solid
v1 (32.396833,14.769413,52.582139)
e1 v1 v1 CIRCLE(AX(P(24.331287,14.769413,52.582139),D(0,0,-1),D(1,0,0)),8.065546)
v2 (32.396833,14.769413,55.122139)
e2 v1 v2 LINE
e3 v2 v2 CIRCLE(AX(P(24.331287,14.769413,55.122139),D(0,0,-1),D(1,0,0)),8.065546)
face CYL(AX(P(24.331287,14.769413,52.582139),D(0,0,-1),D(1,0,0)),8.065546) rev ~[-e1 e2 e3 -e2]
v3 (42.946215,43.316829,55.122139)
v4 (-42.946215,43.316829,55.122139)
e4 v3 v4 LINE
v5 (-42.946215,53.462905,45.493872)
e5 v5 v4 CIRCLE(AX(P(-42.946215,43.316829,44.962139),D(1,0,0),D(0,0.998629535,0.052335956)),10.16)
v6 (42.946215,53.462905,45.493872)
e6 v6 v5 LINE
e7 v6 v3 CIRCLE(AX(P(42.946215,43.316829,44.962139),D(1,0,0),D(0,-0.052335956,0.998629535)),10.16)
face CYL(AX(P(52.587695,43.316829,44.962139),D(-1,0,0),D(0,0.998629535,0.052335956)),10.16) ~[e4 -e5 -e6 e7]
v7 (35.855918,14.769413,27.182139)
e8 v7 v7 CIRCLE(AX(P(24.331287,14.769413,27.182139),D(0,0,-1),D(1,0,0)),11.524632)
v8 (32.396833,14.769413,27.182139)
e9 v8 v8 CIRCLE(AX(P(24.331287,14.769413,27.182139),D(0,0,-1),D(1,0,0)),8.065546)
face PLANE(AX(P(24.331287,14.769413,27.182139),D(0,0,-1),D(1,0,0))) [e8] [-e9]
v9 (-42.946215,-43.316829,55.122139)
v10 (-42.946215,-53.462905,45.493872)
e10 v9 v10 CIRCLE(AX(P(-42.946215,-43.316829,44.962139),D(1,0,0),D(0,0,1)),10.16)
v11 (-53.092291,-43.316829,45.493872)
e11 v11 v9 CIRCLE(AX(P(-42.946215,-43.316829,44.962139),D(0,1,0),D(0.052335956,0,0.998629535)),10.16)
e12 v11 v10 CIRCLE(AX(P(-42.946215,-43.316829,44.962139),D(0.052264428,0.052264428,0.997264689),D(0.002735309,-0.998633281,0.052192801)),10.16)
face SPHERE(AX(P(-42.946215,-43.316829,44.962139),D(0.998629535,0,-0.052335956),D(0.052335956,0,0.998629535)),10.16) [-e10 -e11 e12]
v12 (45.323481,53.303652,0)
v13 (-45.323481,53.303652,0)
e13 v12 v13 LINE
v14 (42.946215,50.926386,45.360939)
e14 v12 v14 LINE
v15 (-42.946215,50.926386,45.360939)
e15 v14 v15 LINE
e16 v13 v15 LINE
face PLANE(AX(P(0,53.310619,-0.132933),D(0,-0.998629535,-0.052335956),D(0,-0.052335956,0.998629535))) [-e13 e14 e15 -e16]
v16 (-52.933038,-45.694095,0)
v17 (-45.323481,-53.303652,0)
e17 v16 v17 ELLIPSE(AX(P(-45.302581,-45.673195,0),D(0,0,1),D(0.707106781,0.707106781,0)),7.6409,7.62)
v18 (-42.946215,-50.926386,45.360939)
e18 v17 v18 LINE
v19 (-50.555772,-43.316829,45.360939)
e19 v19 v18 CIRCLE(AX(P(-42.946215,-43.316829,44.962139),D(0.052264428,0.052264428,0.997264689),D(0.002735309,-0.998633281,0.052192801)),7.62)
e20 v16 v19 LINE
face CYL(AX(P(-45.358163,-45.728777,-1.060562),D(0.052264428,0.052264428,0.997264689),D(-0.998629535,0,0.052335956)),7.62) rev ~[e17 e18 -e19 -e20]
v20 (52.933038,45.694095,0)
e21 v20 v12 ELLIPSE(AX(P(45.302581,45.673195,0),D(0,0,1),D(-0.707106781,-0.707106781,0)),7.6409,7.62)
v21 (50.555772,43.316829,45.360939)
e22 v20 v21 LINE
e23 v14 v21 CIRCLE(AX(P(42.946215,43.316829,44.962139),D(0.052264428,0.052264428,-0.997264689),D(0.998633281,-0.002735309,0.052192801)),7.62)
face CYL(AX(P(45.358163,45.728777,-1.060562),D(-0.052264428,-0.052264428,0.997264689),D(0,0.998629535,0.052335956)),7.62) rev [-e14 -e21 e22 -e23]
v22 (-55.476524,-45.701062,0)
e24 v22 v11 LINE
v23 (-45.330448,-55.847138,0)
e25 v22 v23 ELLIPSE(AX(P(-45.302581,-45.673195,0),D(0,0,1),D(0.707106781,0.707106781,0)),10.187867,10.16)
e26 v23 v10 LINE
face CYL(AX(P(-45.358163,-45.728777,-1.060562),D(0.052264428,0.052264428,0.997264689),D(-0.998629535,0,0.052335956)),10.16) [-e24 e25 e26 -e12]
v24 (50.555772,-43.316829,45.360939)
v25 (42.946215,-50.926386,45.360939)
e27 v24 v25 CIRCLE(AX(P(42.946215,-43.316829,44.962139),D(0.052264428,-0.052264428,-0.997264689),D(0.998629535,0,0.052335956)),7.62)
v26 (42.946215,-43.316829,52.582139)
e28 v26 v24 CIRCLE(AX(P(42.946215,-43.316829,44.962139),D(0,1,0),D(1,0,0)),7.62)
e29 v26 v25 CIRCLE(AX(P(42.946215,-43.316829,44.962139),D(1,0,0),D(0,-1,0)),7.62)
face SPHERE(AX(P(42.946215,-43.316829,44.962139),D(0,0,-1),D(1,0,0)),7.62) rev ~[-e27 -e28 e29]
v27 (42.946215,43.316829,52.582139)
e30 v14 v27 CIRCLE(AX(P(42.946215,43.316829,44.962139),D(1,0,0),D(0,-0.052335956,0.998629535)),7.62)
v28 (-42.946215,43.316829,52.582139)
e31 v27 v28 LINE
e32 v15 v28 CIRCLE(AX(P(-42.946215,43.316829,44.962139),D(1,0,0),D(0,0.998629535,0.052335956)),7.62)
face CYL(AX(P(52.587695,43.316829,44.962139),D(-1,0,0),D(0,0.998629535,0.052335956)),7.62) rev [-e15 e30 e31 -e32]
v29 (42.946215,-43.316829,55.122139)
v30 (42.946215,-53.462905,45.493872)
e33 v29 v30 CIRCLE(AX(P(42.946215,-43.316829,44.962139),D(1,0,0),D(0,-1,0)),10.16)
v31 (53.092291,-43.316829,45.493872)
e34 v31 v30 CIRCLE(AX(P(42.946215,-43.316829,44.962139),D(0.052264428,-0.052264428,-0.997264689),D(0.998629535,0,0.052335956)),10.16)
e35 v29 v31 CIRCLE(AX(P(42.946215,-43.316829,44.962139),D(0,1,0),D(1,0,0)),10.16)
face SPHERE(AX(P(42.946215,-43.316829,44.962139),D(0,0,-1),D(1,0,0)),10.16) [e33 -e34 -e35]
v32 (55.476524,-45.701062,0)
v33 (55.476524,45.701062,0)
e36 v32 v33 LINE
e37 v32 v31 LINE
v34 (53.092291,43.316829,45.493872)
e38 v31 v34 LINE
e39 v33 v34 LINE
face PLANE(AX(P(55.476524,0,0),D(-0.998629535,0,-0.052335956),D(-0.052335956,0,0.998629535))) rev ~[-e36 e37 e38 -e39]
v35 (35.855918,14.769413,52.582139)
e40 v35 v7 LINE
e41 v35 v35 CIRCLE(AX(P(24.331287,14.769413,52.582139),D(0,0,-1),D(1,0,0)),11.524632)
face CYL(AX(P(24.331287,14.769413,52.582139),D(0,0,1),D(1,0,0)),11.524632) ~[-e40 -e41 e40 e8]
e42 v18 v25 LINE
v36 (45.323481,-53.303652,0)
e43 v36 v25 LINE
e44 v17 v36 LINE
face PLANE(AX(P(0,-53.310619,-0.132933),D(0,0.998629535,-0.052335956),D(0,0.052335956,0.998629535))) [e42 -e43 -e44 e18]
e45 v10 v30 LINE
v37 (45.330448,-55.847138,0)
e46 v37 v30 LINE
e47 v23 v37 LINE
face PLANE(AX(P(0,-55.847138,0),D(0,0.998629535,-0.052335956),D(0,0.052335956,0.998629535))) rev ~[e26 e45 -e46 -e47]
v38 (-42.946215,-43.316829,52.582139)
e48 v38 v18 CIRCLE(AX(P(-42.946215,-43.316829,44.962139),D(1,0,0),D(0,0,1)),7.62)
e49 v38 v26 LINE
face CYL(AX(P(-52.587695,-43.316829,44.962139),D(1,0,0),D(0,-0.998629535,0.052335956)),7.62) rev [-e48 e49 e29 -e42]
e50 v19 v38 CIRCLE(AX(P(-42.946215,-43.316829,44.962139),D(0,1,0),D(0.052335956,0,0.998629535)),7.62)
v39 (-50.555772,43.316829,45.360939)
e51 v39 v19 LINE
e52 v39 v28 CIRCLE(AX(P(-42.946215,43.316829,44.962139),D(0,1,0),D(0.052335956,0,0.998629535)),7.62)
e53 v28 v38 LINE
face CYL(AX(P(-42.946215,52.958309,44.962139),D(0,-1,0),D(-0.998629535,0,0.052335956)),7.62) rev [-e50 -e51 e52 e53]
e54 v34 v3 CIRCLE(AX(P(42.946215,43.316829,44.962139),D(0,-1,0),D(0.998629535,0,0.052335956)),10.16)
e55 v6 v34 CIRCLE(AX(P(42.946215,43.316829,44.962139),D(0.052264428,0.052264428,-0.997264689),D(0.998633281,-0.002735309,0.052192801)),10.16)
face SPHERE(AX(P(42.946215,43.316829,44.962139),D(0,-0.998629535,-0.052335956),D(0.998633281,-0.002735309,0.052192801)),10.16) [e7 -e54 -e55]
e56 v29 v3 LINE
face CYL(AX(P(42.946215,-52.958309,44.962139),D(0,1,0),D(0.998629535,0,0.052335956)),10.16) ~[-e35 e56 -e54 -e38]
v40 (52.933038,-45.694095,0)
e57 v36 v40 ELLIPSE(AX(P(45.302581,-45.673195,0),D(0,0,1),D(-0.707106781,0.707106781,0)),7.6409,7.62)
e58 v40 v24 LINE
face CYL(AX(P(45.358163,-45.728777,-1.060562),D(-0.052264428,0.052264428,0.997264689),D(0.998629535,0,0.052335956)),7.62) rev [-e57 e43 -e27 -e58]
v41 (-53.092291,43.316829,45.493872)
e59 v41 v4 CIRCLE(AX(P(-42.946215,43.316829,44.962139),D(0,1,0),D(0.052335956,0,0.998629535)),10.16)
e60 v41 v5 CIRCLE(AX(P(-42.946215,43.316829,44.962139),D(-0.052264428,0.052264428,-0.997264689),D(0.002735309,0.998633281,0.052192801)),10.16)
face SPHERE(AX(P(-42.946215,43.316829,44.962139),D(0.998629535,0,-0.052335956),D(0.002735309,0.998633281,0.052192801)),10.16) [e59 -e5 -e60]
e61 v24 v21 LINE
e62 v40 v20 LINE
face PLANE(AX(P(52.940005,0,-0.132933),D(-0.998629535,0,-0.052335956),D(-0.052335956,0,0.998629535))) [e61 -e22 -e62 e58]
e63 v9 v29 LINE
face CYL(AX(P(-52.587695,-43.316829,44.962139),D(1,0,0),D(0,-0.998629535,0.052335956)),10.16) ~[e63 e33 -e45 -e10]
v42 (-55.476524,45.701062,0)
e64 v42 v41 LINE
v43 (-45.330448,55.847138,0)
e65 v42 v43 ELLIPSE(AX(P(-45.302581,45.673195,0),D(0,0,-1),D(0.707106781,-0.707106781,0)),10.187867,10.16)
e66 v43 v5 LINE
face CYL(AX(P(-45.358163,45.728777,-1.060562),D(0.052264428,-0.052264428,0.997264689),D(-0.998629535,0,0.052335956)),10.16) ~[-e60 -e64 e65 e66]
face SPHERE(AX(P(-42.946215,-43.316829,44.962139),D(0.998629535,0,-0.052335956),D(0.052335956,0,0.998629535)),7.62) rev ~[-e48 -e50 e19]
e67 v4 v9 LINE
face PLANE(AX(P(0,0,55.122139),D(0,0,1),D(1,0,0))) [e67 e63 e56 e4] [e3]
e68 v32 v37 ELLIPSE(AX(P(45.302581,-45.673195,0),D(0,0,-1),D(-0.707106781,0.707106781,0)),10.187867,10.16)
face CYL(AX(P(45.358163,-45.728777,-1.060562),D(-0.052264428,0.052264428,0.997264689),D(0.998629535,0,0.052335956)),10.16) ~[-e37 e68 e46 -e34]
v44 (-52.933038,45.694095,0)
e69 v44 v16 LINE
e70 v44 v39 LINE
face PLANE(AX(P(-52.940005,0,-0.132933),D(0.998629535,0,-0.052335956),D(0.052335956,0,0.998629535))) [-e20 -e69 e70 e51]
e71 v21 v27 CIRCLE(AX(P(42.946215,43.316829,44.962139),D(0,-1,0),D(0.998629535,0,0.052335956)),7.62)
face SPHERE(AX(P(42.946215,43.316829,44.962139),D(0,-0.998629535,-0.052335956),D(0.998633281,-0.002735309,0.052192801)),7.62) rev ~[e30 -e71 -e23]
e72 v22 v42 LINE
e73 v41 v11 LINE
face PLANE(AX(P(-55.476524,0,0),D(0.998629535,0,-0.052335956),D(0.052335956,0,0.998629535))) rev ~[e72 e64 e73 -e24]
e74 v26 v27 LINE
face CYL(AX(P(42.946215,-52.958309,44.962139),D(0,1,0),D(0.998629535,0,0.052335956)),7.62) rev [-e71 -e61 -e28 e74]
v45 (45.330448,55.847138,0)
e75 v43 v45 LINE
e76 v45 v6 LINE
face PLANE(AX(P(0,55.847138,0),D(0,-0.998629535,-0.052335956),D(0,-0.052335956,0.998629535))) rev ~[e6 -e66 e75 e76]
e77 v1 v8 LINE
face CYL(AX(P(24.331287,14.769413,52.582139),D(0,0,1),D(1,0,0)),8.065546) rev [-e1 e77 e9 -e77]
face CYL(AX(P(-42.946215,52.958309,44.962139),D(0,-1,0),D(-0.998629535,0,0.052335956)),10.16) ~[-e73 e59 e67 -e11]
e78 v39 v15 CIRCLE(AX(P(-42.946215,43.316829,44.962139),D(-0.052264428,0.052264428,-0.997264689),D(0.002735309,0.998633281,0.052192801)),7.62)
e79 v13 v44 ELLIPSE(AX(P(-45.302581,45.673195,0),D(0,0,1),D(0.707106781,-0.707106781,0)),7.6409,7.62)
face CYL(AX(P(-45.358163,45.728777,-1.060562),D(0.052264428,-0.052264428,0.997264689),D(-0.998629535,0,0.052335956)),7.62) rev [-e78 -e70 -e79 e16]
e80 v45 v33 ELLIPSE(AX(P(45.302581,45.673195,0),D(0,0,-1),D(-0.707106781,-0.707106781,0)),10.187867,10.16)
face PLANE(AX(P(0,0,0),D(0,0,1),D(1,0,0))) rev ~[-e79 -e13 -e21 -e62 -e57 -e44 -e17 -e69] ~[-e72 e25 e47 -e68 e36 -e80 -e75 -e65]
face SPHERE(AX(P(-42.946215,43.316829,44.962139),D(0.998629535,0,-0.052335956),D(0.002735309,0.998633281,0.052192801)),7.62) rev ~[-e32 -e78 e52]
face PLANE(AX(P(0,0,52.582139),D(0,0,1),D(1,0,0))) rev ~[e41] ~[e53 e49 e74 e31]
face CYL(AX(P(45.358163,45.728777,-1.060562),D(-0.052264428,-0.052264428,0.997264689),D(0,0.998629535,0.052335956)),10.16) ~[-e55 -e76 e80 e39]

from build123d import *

# Parameters (mm, degrees)
F0_W     = 110.9530478716
F0_H     = 111.6942763329
F1_DEPTH = 55.1221389323
F1_TAPER = 3
F2_R     = 10.16
F3_T     = -2.54
F4_R     = 11.5246315094
F4_R_2   = 8.0655463765
F5_DEPTH = 25.4
F6_DEPTH = 25.4


with BuildPart() as f1:
    # F0 (on Top) → F1 (new body)
    with BuildSketch(Plane.XY):
        Rectangle(F0_W, F0_H)
    extrude(amount=F1_DEPTH, taper=F1_TAPER)

    # F2
    f2_edges = [f1.edges().sort_by_distance(p)[0] for p in [
        (54.032109, -54.402724, 27.561069),
        (52.587695, 0, 55.122139),
        (0, -52.958309, 55.122139),
        (54.032109, 54.402724, 27.561069),
        (0, 52.958309, 55.122139),
        (-54.032109, 54.402724, 27.561069),
        (-52.587695, 0, 55.122139),
        (-54.032109, -54.402724, 27.561069),
    ]]
    fillet(f2_edges, radius=F2_R)

    # F3
    f3_openings = [f1.faces().sort_by_distance(p)[0] for p in [
        (0, 0, 0),
    ]]
    offset(amount=F3_T, openings=f3_openings)

    # F4 (on face) → F5 (join)
    with BuildSketch(Plane(origin=(0, 0, 52.5821389323), x_dir=(1, 0, 0), z_dir=(0, 0, -1))):
        with Locations((24.3312865496, -14.7694125772)):
            Circle(F4_R)
        with Locations((24.3312865496, -14.7694125772)):
            Circle(F4_R_2, mode=Mode.SUBTRACT)
    extrude(amount=F5_DEPTH)

    # F6 (cut): a face of the model
    f6_faces = [f1.faces().sort_by_distance(p)[0] for p in [
        (24.3312865496, 14.7694125772, 52.5821389323),
    ]]
    extrude(f6_faces, amount=-F6_DEPTH, mode=Mode.SUBTRACT)


solid = f1.part
